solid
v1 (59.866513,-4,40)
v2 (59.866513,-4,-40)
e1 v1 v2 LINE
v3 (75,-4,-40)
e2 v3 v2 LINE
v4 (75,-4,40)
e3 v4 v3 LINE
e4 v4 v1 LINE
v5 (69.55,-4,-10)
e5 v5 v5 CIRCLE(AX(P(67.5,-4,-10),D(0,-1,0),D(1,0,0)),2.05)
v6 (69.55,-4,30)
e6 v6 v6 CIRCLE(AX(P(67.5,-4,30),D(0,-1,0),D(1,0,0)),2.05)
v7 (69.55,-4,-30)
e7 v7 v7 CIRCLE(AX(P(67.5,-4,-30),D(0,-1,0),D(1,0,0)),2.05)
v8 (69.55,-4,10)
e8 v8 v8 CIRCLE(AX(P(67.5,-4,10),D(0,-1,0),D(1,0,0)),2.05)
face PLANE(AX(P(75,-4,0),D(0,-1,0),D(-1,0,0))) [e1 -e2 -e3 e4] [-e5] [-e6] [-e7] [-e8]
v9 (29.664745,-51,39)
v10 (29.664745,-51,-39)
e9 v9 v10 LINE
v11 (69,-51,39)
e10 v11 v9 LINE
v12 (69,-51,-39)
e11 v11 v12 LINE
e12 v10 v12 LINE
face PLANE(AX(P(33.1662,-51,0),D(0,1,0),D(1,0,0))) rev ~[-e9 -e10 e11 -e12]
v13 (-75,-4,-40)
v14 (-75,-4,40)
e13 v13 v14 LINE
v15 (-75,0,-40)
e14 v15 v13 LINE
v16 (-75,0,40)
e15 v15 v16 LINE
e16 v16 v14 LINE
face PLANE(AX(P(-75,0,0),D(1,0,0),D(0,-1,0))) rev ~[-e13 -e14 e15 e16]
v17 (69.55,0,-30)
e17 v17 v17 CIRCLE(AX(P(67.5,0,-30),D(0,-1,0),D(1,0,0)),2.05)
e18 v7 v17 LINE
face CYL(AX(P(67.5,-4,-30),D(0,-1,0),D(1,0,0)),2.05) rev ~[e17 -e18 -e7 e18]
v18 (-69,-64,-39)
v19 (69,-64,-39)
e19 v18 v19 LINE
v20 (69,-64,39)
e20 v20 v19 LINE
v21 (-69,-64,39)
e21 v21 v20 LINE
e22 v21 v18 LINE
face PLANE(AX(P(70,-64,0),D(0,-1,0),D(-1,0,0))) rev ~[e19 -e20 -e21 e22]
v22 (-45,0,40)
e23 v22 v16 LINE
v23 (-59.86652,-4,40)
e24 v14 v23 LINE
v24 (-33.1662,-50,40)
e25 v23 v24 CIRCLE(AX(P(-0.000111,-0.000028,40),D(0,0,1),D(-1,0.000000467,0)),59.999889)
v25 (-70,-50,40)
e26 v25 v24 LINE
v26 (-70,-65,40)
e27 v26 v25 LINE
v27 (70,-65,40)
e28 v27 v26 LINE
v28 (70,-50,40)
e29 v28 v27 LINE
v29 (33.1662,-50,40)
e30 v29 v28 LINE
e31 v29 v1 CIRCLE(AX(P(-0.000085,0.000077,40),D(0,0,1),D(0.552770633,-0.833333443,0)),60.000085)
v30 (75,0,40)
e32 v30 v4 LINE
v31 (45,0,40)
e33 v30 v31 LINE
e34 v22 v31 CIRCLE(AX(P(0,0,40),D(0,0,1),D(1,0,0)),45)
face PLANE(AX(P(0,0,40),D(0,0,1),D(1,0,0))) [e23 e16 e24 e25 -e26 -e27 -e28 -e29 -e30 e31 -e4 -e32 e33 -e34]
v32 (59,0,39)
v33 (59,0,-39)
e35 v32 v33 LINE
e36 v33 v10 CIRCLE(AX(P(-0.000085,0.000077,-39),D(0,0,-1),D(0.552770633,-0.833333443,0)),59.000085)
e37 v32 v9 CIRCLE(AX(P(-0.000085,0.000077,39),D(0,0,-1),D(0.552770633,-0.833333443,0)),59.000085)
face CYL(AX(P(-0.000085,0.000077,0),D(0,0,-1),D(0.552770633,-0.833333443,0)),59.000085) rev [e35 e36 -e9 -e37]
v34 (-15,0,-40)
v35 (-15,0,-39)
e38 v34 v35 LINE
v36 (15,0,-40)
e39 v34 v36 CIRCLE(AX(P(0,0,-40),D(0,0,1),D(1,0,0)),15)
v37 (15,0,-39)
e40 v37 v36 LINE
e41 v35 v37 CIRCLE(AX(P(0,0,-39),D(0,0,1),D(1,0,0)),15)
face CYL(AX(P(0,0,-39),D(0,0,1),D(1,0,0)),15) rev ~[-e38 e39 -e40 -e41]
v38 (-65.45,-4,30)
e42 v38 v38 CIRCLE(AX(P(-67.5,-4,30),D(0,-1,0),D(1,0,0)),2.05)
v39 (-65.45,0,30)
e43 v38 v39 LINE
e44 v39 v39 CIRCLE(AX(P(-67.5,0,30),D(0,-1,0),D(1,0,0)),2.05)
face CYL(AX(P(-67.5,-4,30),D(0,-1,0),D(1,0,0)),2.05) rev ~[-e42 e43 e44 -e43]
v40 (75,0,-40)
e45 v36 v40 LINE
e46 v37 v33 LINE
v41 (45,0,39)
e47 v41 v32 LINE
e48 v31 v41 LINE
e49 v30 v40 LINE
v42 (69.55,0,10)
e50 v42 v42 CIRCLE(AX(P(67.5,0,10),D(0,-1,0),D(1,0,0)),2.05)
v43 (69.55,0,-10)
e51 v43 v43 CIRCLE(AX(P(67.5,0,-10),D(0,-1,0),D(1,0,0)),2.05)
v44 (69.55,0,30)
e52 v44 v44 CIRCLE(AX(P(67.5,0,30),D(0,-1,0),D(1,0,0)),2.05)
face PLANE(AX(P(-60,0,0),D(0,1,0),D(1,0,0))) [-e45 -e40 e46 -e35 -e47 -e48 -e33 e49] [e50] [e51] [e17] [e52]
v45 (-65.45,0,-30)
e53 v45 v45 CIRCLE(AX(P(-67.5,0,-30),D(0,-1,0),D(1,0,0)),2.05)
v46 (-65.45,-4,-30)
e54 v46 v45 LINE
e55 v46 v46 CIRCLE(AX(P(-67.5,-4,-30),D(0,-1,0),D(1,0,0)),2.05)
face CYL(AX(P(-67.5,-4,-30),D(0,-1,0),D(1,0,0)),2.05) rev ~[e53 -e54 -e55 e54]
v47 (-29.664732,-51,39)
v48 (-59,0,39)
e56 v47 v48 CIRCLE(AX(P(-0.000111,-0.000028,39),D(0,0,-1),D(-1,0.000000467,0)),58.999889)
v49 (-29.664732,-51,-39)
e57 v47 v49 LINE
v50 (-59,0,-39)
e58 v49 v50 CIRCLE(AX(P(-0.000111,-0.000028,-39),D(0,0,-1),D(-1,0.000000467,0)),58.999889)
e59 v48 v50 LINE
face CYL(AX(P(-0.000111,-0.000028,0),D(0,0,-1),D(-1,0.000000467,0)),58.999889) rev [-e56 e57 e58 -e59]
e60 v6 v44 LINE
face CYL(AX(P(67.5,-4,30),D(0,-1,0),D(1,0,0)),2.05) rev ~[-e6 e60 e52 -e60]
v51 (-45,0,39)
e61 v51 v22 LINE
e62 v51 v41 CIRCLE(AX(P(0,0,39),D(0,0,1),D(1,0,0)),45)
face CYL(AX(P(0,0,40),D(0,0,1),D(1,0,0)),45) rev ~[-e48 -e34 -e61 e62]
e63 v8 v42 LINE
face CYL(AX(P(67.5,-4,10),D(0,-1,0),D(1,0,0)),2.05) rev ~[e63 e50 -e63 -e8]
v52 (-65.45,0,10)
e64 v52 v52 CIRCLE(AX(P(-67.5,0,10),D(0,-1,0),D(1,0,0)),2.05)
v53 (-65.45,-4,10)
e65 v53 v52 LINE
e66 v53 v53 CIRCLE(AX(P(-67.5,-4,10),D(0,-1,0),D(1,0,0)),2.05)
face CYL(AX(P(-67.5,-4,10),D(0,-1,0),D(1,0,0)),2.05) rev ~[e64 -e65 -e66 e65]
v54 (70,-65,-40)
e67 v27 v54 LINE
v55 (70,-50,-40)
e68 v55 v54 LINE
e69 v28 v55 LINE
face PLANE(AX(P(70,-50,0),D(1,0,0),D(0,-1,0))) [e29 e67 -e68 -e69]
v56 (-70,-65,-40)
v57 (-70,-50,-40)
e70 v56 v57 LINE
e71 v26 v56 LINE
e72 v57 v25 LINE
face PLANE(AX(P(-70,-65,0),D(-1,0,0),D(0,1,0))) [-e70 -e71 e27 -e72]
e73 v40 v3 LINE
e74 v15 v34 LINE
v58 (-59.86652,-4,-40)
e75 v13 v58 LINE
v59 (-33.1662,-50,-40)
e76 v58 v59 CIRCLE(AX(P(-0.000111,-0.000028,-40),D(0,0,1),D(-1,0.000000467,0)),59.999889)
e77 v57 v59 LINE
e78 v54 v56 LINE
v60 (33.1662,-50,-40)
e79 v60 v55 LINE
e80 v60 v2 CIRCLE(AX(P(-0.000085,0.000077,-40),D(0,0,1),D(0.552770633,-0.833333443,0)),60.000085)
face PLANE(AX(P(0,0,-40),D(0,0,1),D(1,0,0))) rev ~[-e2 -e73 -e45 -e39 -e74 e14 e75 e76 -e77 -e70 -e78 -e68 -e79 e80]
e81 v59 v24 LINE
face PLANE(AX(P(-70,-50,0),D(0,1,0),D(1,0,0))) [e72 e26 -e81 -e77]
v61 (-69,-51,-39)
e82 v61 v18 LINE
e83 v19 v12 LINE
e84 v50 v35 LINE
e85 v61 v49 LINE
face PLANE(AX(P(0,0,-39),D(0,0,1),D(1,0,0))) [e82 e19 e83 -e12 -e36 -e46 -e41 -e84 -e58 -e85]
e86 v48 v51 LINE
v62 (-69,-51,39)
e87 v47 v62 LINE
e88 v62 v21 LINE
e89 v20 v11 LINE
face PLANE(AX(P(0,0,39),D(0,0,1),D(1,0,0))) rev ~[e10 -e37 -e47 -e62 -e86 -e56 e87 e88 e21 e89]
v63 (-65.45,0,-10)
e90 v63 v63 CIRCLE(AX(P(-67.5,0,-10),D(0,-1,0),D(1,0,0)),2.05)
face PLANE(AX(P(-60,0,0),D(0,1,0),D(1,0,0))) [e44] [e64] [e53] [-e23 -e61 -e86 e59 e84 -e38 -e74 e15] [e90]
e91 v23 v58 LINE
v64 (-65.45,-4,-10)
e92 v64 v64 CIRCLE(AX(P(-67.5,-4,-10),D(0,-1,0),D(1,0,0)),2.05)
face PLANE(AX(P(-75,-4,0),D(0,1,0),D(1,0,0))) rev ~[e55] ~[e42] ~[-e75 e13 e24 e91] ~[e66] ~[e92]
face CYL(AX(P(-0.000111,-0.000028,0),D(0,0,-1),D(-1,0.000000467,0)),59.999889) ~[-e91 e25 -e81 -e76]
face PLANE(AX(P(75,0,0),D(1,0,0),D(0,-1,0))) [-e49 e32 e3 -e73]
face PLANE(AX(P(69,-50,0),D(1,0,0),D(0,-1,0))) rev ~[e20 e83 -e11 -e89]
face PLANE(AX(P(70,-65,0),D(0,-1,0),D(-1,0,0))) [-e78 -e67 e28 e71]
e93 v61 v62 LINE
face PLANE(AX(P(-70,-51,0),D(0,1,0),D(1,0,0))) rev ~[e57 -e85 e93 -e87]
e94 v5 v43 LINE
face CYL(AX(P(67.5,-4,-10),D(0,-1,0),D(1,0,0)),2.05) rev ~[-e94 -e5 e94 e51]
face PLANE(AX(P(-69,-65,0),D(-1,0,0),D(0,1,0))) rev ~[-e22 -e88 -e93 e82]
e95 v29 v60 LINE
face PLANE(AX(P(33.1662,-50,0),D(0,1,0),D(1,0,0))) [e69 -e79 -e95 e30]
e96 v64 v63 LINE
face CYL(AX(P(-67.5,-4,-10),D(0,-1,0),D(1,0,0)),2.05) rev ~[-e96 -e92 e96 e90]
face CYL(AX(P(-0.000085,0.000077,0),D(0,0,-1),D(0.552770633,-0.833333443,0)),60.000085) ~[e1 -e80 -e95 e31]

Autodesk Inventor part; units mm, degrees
ref_plane "YZ Plane" through (0, 0, 0) normal (1, 0, 0) x (0, 1, 0)
ref_plane "XZ Plane" through (0, 0, 0) normal (0, 1, 0) x (-1, 0, 0)
ref_plane "XY Plane" through (0, 0, 0) normal (0, 0, 1) x (1, 0, 0)
sketch "Sketch1" plane through (0, 0, 0) normal (0, 0, 1) x (1, 0, 0)
  line L0 (-60, 0) -> (60, 0)
  line L1 (70, -50) -> (70, -65)
  line L2 (70, -65) -> (-70, -65)
  line L3 (-70, -65) -> (-70, -50)
  line L4 (-70, -50) -> (70, -65) construction
  line L5 (-70, -50) -> (-33.1662, -50)
  line L6 (33.1662, -50) -> (70, -50)
  arc A0 (-60, 0) -> (-33.1662, -50) centre (0, 0) ccw
  arc A1 (33.1662, -50) -> (60, 0) centre (0, 0) ccw
  line L7 (70, -50) -> (24.1881, -54.9084) construction
  line L8 (0, -57.5) -> (-70, -65) construction
  dimension "d1" = 15
  dimension "d2" = 140
  dimension "d3" = 0
  dimension "d4" = 65
extrude "Extrusion1" add sketch "Sketch1" along normal mid plane 80
shell "Shell1" thickness 1 removed faces 1 at (-20, 0, 13.3333)
sketch "Sketch2" plane through (0, 0, 40) normal (0, 0, 1) x (1, 0, 0)
  circle A0 centre (0, 0) radius 45
  dimension "d8" = 90
extrude "Extrusion2" cut sketch "Sketch2" against normal blind 2
sketch "Sketch3" plane through (-69, -64, -39) normal (0, 0, 1) x (1, 0, 0)
  circle A0 centre (69, 64) radius 15
  dimension "d11" = 30
extrude "Extrusion3" cut sketch "Sketch3" against normal blind 2
sketch "Sketch4" plane through (0, 0, 0) normal (0, 0, 1) x (1, 0, 0)
  line L0 (60, 0) -> (45, 0) projected
  line L1 (59.4, 0) -> (75, 0)
  line L2 (75, 0) -> (75, -4)
  line L3 (75, -4) -> (59.4, -4)
  line L4 (59.4, -4) -> (59.4, 0)
  line L5 (-70, -65) -> (70, -65) projected
  line L6 (0, 14.3485) -> (0, -121.7011) construction
  line L7 (-60, 0) -> (-45, 0)
  line L8 (-59.4, 0) -> (-75, 0)
  line L9 (-75, 0) -> (-75, -4)
  line L10 (-75, -4) -> (-59.4, -4)
  line L11 (-59.4, -4) -> (-59.4, 0)
  point P0 (0, 0)
  dimension "d14" = 65
  dimension "d15" = 4
  dimension "d16" = 15.6
  dimension "d17" = 75
extrude "Extrusion4" add sketch "Sketch4" along normal mid plane 80
sketch "Sketch5" plane through (59.8665, -4, -40) normal (0, -1, 0) x (1, 0, 0)
  circle A0 centre (7.6335, 10) radius 2.05
  line L0 (15.1335, 0) -> (0, 0) projected
  line L1 (15.1335, 80) -> (15.1335, 0) projected
  circle A1 centre (7.6335, 30) radius 2.05
  circle A2 centre (7.6335, 50) radius 2.05
  circle A3 centre (7.6335, 70) radius 2.05
  circle A4 centre (-127.3665, 10) radius 2.05
  circle A5 centre (-127.3665, 30) radius 2.05
  circle A6 centre (-127.3665, 50) radius 2.05
  circle A7 centre (-127.3665, 70) radius 2.05
  point P0 (-59.8665, 40)
  point P1 (15.1335, 20)
  point P2 (15.1335, 40)
  point P3 (15.1335, 60)
  point P4 (-119.8665, 0)
  point P5 (-119.8665, 20)
  point P6 (-119.8665, 40)
  point P7 (-119.8665, 60)
  dimension "d20" = 4.1
  dimension "d21" = 10
  dimension "d22" = 7.5
  dimension "d25" = 20
  dimension "d28" = 135
extrude "Extrusion5" cut sketch "Sketch5" against normal blind 80
properties part number "Carcaça Inferior do Motor Industiral" material "Aluminum 6061"
